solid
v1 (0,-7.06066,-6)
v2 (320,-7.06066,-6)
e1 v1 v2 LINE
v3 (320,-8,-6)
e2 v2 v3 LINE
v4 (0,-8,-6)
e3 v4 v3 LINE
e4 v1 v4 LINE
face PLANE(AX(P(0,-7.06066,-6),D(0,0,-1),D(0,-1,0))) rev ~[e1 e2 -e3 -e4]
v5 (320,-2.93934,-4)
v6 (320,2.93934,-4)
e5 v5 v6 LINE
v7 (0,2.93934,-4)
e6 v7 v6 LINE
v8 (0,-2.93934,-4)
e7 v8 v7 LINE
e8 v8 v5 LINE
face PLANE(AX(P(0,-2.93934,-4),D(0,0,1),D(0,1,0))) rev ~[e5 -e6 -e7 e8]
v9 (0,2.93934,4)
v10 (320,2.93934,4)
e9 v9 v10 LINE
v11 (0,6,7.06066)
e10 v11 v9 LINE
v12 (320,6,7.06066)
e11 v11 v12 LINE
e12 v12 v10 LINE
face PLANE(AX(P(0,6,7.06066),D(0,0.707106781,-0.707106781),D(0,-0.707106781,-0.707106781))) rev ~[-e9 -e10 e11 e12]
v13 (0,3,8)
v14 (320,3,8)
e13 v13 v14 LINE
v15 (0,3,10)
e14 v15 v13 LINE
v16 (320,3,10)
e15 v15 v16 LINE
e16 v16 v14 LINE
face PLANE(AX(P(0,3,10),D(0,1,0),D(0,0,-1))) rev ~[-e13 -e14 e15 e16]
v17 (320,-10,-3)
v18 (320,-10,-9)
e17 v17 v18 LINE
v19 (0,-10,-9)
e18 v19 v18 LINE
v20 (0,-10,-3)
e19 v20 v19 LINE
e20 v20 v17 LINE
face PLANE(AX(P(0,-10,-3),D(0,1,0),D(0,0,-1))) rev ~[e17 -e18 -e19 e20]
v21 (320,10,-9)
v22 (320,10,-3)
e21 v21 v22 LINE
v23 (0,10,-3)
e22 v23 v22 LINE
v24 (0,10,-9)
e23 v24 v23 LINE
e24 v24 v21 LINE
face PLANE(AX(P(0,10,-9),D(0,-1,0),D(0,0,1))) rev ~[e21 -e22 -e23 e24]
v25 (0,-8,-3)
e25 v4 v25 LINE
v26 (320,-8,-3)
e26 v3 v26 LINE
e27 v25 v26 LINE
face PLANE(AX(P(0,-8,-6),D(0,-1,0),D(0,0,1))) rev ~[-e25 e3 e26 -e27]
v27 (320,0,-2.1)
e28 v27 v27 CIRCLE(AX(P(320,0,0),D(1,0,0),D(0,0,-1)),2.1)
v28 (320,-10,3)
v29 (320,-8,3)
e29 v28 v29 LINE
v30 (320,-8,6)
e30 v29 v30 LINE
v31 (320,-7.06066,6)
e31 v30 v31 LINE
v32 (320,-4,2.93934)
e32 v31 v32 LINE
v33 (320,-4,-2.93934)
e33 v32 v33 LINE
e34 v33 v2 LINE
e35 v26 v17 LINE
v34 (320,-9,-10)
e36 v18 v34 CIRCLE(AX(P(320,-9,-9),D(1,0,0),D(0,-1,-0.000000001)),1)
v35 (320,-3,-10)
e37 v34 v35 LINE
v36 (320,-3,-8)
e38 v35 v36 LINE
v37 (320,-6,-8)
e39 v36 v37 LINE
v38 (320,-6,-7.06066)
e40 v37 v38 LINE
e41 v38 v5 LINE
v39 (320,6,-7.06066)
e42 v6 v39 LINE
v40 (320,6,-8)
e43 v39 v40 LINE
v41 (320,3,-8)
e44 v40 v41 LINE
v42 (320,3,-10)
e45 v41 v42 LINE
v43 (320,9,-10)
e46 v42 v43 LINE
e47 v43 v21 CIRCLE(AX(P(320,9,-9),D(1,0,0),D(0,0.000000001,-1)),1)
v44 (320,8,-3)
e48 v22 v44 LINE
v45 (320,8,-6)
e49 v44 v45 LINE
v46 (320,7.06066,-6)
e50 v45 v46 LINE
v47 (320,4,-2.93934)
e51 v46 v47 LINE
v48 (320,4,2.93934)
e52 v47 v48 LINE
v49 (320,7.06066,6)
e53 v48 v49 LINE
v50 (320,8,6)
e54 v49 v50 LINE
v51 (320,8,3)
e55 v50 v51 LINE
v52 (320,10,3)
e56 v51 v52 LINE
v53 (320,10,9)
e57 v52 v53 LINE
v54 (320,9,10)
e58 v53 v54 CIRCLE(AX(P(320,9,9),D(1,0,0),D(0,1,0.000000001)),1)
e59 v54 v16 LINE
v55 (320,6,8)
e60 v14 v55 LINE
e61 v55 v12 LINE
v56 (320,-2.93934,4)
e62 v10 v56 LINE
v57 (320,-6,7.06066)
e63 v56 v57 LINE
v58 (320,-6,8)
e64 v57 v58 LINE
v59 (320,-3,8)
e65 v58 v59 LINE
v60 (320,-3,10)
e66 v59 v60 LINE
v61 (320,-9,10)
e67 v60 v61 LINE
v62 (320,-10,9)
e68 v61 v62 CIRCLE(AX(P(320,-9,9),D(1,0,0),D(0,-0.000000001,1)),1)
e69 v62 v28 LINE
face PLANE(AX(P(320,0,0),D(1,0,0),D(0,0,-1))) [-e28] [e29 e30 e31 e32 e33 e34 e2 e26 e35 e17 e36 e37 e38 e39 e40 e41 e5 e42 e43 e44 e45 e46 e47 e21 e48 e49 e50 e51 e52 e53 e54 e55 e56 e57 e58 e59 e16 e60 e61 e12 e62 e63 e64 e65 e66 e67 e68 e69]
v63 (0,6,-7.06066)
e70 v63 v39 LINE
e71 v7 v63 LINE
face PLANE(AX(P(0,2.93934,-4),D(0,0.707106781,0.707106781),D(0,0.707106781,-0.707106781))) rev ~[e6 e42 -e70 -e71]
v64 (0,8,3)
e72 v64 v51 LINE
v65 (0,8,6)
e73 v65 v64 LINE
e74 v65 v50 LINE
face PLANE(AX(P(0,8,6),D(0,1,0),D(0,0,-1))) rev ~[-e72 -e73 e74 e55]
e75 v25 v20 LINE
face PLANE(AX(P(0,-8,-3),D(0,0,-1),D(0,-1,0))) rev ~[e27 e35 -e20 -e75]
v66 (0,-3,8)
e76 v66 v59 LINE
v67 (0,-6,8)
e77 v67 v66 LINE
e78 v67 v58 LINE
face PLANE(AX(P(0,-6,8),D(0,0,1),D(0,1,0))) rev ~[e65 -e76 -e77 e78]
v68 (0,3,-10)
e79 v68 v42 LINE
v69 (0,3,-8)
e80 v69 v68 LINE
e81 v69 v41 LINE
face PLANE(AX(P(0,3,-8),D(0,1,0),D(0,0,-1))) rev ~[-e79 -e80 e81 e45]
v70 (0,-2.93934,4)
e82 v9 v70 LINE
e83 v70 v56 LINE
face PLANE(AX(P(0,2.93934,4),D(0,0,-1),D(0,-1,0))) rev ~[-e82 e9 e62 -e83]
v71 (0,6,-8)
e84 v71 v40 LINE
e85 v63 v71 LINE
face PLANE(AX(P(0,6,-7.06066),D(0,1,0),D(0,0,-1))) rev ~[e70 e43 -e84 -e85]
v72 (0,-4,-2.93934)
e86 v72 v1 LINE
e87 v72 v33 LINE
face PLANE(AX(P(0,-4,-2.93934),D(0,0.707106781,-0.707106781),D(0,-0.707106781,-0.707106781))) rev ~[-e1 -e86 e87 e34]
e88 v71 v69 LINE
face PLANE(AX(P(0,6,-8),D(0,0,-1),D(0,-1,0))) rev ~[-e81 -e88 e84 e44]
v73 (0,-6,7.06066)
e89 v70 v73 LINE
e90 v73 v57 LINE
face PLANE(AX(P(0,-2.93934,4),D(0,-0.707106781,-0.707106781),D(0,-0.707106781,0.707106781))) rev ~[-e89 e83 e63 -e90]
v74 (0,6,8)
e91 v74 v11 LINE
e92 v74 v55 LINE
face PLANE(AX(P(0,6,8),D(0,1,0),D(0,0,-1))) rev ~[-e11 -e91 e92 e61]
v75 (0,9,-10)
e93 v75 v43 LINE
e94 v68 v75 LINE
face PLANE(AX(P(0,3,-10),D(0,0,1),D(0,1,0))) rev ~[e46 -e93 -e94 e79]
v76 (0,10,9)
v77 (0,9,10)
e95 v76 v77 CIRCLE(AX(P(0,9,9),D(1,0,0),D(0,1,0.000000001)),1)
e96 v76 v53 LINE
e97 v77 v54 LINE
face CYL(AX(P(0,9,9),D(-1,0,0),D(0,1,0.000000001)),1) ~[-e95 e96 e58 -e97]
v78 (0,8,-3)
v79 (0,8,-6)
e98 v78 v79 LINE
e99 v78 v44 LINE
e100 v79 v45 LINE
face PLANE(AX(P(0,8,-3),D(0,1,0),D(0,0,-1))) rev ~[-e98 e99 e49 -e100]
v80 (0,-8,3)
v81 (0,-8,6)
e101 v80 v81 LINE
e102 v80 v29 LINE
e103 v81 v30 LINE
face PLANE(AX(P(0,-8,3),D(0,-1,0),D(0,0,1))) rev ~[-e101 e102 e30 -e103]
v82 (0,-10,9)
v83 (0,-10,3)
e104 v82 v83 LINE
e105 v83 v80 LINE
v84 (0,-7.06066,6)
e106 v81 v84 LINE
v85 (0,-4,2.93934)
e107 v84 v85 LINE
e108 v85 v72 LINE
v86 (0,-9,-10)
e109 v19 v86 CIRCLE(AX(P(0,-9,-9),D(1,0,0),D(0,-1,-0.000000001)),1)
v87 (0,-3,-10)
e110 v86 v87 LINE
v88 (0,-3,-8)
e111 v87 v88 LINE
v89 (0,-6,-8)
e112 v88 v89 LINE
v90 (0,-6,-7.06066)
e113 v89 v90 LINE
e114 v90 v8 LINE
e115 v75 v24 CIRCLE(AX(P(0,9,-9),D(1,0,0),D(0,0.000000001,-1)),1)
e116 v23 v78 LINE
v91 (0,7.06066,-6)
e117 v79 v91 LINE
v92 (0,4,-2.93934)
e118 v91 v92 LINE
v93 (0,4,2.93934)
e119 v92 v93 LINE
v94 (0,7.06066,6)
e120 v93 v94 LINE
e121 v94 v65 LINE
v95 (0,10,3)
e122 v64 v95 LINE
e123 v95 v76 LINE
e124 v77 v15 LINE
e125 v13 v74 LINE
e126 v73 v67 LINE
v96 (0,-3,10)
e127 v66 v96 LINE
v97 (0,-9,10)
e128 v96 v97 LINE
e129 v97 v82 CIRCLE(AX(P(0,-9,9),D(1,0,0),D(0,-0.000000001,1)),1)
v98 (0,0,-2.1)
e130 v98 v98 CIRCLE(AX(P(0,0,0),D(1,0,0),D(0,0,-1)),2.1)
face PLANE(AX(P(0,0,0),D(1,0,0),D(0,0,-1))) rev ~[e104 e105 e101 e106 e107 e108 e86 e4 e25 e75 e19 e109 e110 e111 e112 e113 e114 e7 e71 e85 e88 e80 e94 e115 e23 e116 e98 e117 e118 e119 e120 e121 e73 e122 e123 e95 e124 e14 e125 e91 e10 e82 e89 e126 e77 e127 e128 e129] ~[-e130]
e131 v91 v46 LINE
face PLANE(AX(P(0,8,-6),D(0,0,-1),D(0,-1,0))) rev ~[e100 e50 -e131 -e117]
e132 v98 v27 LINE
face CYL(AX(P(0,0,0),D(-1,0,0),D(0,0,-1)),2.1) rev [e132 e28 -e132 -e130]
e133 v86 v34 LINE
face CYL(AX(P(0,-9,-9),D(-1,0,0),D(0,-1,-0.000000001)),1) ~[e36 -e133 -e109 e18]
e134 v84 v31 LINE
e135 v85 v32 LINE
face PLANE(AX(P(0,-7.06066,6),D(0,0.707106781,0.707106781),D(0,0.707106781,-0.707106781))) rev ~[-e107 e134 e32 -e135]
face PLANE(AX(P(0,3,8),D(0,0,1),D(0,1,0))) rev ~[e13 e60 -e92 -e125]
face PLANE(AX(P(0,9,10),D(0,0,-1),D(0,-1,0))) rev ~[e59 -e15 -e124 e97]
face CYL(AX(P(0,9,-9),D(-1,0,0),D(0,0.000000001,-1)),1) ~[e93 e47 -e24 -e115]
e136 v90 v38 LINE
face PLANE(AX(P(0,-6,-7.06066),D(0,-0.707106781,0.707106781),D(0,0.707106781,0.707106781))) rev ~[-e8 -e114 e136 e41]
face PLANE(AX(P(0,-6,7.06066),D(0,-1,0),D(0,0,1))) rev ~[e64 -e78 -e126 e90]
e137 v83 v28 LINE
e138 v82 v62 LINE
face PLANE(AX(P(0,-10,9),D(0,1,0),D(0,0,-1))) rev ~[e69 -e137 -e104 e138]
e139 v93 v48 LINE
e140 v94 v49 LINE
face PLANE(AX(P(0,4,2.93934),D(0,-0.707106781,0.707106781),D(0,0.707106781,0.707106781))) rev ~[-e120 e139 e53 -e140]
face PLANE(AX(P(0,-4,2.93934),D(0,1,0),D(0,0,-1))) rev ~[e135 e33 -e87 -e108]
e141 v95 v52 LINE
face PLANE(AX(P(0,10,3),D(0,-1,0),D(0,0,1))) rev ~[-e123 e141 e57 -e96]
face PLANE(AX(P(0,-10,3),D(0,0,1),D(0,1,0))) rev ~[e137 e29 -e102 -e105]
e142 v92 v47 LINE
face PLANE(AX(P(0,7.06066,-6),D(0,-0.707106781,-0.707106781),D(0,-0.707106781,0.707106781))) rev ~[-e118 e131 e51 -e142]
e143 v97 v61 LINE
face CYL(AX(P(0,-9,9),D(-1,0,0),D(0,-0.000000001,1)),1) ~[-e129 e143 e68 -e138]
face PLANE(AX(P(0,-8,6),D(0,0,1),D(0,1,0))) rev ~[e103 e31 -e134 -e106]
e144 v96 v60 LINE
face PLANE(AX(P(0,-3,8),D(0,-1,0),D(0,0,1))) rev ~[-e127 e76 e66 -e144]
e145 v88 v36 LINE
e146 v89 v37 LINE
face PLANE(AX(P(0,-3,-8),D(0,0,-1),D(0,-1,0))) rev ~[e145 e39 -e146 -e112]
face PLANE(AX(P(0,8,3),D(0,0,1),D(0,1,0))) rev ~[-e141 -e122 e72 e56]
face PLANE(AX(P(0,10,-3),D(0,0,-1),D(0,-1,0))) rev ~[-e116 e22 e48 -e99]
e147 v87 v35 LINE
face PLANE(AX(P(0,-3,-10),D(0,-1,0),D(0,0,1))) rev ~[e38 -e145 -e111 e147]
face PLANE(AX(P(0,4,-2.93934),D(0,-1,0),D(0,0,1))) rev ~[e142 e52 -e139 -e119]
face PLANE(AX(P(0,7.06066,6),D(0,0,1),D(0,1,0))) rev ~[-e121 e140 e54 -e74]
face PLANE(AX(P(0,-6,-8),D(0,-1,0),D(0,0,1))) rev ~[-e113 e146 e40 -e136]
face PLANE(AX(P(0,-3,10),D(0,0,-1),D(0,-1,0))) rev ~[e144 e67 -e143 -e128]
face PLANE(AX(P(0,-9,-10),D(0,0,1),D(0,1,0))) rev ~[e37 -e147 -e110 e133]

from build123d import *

# Parameters (mm, degrees)
SKETCH1_R           = 2.1
BOSS_EXTRUDE1_DEPTH = 320


with BuildPart() as part:
    # Sketch1 → Boss-Extrude1 (new body)
    with BuildSketch(Plane(origin=(0, 0, 0), x_dir=(0, 0, -1), z_dir=(1, 0, 0))):
        with BuildLine():
            Line((-10, 9), (-10, 3))
            Line((-10, 3), (-8, 3))
            Line((-8, 3), (-8, 6))
            Line((-8, 6), (-7.060660172, 6))
            Line((-7.060660172, 6), (-4, 2.939339828))
            Line((-4, 2.939339828), (-4, -2.939339828))
            Line((-4, -2.939339828), (-7.060660172, -6))
            Line((-7.060660172, -6), (-8, -6))
            Line((-8, -6), (-8, -3))
            Line((-8, -3), (-10, -3))
            Line((-10, -3), (-10, -9))
            ThreePointArc((-10, -9), (-9.707106781, -9.707106781), (-9, -10))
            Line((-9, -10), (-3, -10))
            Line((-3, -10), (-3, -8))
            Line((-3, -8), (-6, -8))
            Line((-6, -8), (-6, -7.060660172))
            Line((-6, -7.060660172), (-2.939339828, -4))
            Line((-2.939339828, -4), (2.939339828, -4))
            Line((2.939339828, -4), (6, -7.060660172))
            Line((6, -7.060660172), (6, -8))
            Line((6, -8), (3, -8))
            Line((3, -8), (3, -10))
            Line((3, -10), (9, -10))
            ThreePointArc((9, -10), (9.707106781, -9.707106781), (10, -9))
            Line((10, -9), (10, -3))
            Line((10, -3), (8, -3))
            Line((8, -3), (8, -6))
            Line((8, -6), (7.060660172, -6))
            Line((7.060660172, -6), (4, -2.939339828))
            Line((4, -2.939339828), (4, 2.939339828))
            Line((4, 2.939339828), (7.060660172, 6))
            Line((7.060660172, 6), (8, 6))
            Line((8, 6), (8, 3))
            Line((8, 3), (10, 3))
            Line((10, 3), (10, 9))
            ThreePointArc((10, 9), (9.707106781, 9.707106781), (9, 10))
            Line((9, 10), (3, 10))
            Line((3, 10), (3, 8))
            Line((3, 8), (6, 8))
            Line((6, 8), (6, 7.060660172))
            Line((6, 7.060660172), (2.939339828, 4))
            Line((2.939339828, 4), (-2.939339828, 4))
            Line((-2.939339828, 4), (-6, 7.060660172))
            Line((-6, 7.060660172), (-6, 8))
            Line((-6, 8), (-3, 8))
            Line((-3, 8), (-3, 10))
            Line((-3, 10), (-9, 10))
            ThreePointArc((-9, 10), (-9.707106781, 9.707106781), (-10, 9))
        make_face()
        Circle(SKETCH1_R, mode=Mode.SUBTRACT)
    extrude(amount=BOSS_EXTRUDE1_DEPTH)


solid = part.part
